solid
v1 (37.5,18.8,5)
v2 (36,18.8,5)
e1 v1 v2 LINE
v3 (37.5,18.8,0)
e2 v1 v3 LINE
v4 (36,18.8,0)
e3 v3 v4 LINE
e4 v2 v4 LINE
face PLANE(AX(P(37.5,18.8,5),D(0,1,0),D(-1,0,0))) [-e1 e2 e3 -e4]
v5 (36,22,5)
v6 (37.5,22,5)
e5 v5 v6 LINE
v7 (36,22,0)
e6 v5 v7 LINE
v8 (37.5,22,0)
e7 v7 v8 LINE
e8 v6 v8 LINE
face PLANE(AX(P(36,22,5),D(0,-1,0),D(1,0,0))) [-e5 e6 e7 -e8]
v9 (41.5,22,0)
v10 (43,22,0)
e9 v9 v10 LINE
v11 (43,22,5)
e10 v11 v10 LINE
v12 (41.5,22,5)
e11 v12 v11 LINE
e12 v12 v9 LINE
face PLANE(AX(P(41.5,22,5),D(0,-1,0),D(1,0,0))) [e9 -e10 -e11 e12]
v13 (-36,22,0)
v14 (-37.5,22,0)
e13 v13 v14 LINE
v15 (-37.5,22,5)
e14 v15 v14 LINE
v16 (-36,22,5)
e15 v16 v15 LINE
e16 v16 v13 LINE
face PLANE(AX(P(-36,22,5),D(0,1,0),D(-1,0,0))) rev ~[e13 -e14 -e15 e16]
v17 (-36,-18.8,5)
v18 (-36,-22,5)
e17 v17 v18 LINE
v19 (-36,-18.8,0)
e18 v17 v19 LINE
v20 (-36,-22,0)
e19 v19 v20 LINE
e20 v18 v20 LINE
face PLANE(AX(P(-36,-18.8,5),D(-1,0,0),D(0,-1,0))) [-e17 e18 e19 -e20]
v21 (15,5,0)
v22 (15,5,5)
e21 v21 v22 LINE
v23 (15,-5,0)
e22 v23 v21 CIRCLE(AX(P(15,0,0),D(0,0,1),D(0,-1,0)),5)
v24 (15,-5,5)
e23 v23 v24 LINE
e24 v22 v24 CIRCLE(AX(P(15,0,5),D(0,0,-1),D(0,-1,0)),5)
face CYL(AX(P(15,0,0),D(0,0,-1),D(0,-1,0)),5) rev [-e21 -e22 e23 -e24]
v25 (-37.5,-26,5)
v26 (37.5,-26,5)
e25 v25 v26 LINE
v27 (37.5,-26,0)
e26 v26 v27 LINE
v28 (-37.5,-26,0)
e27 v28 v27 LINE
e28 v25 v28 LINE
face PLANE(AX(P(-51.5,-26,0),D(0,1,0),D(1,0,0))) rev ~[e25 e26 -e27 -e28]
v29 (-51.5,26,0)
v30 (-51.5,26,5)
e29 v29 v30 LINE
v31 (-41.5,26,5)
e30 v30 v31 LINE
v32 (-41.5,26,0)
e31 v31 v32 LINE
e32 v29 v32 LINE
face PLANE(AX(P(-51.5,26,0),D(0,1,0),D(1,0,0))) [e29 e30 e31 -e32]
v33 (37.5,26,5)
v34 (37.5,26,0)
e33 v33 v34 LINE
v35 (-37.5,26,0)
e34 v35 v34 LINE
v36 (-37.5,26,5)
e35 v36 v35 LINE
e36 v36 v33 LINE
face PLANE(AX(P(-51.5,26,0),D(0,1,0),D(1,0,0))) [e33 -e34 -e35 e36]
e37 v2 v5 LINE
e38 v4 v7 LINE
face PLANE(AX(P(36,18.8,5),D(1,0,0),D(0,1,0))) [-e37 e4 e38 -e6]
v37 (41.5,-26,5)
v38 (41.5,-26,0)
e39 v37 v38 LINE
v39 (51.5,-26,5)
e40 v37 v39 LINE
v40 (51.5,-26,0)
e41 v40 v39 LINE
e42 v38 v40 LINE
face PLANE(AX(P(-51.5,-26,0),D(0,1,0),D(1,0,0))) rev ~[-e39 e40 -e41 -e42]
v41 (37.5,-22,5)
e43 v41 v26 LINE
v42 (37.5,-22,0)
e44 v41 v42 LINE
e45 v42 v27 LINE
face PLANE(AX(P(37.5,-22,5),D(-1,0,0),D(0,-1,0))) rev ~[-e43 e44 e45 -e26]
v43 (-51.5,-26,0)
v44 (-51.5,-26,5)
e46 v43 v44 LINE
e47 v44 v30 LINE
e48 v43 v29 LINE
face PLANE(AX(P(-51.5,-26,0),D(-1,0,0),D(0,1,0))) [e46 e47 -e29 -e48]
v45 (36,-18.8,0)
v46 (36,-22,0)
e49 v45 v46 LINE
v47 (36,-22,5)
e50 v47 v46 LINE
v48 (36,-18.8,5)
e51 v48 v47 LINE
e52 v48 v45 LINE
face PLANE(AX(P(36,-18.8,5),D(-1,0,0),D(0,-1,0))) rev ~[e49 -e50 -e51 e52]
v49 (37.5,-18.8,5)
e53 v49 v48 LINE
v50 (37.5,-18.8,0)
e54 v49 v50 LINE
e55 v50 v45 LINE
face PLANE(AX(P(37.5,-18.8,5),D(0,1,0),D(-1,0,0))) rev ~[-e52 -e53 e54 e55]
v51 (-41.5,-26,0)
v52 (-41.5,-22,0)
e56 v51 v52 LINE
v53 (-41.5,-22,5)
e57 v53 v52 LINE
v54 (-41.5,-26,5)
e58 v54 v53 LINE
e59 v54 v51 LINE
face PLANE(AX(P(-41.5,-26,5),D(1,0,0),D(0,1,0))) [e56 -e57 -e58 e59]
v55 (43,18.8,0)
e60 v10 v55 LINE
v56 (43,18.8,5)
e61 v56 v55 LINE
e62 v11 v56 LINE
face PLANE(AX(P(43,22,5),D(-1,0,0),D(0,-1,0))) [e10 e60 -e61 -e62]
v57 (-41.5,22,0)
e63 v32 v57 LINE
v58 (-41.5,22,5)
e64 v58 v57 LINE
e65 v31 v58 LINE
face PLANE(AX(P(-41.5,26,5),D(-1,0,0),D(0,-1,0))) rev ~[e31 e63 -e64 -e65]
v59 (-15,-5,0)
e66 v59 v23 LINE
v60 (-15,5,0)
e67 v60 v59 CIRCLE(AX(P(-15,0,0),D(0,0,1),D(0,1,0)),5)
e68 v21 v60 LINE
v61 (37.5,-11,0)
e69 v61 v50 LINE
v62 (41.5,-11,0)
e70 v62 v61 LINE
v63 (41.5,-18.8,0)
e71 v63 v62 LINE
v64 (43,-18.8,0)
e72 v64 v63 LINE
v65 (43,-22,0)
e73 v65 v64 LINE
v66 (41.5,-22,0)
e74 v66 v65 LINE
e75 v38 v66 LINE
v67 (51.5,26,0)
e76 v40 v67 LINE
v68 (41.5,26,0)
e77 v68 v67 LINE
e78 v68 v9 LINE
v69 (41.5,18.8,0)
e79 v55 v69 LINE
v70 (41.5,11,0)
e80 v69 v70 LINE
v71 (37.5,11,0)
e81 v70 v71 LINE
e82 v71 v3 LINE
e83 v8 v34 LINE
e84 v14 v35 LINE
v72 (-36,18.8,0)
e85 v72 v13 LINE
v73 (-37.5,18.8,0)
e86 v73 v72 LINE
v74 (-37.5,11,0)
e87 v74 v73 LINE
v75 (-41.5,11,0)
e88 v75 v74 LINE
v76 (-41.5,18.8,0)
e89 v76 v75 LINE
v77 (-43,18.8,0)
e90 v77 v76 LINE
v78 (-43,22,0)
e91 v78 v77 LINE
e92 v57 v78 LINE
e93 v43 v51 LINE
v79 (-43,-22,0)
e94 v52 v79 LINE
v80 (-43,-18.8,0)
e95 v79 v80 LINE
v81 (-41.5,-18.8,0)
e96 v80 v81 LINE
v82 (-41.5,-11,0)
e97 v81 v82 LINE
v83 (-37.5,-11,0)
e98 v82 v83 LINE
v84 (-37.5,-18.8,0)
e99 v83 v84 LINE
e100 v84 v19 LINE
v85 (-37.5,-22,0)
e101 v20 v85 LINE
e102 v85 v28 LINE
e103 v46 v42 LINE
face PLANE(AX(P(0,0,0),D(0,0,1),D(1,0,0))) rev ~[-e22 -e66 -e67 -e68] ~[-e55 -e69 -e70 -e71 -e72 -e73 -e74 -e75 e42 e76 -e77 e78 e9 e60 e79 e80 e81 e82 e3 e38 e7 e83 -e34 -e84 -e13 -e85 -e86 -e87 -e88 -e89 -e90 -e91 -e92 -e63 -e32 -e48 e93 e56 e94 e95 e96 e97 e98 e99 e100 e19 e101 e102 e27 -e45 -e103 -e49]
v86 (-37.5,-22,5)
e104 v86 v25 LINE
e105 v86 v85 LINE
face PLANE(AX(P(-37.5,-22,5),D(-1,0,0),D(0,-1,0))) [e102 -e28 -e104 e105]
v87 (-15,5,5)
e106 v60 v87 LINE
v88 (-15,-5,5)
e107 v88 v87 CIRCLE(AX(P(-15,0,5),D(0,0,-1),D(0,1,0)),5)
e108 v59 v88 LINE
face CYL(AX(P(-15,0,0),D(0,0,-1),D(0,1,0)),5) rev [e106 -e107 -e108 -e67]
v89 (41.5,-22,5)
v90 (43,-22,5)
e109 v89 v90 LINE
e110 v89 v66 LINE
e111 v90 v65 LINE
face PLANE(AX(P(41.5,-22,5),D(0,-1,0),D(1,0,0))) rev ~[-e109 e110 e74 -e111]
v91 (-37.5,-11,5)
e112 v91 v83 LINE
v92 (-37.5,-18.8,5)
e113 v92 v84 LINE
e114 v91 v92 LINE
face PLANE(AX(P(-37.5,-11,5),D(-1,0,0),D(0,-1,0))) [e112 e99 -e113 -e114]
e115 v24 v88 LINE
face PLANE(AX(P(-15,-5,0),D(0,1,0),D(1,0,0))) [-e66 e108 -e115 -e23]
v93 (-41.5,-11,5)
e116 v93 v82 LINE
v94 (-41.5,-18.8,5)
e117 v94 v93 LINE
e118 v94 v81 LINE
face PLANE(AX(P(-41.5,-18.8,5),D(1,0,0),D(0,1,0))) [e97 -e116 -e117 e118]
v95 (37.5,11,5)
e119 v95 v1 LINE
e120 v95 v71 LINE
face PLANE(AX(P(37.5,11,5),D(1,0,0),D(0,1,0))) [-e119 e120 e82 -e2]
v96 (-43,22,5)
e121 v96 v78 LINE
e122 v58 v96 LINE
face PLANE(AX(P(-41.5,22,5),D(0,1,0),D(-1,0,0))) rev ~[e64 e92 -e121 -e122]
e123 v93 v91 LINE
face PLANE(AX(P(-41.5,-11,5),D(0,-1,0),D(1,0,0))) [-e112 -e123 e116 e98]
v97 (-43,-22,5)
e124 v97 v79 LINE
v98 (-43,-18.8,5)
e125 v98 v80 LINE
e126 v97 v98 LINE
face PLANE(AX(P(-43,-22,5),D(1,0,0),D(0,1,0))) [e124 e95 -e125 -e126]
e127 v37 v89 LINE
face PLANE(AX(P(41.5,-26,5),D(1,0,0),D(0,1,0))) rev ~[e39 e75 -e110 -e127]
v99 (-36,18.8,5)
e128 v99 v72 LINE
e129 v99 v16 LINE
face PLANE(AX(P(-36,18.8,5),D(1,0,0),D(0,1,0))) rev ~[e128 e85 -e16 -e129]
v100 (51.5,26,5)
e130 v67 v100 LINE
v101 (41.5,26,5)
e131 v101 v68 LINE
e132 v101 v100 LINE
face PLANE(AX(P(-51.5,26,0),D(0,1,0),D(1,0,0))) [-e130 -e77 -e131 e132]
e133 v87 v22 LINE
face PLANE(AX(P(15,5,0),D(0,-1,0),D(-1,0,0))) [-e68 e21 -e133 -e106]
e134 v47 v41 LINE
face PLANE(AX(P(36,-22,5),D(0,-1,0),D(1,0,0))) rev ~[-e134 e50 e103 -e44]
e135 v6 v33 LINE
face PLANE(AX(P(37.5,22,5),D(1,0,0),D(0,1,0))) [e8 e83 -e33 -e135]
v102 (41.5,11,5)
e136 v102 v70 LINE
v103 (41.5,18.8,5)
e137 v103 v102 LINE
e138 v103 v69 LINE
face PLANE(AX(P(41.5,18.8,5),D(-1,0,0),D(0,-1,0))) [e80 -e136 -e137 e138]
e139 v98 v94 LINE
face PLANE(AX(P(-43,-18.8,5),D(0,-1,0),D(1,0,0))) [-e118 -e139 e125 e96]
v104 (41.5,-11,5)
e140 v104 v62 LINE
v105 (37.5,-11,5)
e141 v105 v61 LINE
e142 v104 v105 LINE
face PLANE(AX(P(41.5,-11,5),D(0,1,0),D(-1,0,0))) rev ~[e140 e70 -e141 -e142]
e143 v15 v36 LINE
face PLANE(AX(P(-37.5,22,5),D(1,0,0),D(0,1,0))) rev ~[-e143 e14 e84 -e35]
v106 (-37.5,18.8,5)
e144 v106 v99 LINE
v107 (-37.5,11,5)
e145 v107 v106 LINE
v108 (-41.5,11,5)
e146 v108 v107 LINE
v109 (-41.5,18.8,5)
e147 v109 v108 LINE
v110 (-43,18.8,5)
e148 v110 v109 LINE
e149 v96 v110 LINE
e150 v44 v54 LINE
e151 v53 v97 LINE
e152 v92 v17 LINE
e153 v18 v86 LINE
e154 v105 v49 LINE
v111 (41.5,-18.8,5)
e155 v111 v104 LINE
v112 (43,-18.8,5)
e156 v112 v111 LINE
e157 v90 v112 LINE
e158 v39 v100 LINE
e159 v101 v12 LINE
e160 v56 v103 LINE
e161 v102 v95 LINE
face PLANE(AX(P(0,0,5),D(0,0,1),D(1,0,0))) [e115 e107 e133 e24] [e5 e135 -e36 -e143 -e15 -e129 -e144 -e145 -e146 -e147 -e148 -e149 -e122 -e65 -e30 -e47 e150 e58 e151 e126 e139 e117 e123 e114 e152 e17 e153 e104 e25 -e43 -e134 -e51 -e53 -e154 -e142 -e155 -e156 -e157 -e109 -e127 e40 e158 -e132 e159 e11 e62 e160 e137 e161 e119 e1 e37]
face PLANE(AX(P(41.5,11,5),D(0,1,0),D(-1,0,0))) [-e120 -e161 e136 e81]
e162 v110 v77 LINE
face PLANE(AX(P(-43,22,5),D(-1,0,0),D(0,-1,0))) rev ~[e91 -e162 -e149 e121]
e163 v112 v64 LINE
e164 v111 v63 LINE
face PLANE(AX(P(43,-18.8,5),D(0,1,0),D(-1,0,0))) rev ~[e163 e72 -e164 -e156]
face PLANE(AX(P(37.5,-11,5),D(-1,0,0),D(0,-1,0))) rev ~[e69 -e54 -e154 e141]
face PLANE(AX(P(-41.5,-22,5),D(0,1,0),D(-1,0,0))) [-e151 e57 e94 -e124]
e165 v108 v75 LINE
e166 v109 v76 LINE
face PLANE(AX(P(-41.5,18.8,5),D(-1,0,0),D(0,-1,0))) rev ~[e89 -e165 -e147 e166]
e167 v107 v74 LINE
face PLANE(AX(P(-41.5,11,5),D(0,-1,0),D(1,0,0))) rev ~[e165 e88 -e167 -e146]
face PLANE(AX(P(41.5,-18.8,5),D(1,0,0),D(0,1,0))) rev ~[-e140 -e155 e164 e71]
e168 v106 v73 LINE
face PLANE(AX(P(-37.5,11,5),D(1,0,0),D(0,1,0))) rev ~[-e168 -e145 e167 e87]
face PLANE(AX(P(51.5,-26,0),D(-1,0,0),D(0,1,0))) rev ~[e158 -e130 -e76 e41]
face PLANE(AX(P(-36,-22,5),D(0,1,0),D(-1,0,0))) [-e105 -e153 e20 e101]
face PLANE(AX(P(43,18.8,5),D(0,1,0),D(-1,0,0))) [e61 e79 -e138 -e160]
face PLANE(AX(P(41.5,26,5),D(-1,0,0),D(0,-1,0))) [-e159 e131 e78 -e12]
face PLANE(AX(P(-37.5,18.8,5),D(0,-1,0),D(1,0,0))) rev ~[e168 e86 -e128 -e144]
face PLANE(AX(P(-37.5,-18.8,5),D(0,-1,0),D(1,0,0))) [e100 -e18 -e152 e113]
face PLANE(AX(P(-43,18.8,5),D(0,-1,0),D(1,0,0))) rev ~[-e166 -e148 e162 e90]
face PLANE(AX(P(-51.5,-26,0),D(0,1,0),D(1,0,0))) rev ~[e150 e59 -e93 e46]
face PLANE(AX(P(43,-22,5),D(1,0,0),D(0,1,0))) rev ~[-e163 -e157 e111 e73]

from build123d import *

# Parameters (mm, degrees)
SKETCH1_W           = 103
SKETCH1_H           = 52
BOSS_EXTRUDE1_DEPTH = 5
CUT_EXTRUDE1_DEPTH  = 10
CUT_EXTRUDE2_DEPTH  = 10


with BuildPart() as part:
    # Sketch1 → Boss-Extrude1 (new body)
    with BuildSketch(Plane.XY):
        Rectangle(SKETCH1_W, SKETCH1_H)
    extrude(amount=BOSS_EXTRUDE1_DEPTH)

    # Sketch2 → Cut-Extrude1 (cut)
    with BuildSketch(Plane.XY.offset(5)):
        Polygon((41.5, -26), (41.5, -22), (43, -22), (43, -18.8), (41.5, -18.8), (41.5, -11), (37.5, -11), (37.5, -18.8), (36, -18.8), (36, -22), (37.5, -22), (37.5, -26), align=None)
        Polygon((37.5, 26), (41.5, 26), (41.5, 22), (43, 22), (43, 18.8), (41.5, 18.8), (41.5, 11), (37.5, 11), (37.5, 18.8), (36, 18.8), (36, 22), (37.5, 22), align=None)
        Polygon((-37.5, -26), (-41.5, -26), (-41.5, -22), (-43, -22), (-43, -18.8), (-41.5, -18.8), (-41.5, -11), (-37.5, -11), (-37.5, -18.8), (-36, -18.8), (-36, -22), (-37.5, -22), align=None)
        Polygon((-41.5, 26), (-41.5, 22), (-43, 22), (-43, 18.8), (-41.5, 18.8), (-41.5, 11), (-37.5, 11), (-37.5, 18.8), (-36, 18.8), (-36, 22), (-37.5, 22), (-37.5, 26), align=None)
    extrude(amount=-CUT_EXTRUDE1_DEPTH, mode=Mode.SUBTRACT)

    # Sketch3 → Cut-Extrude2 (cut)
    with BuildSketch(Plane(origin=(0, 0, 0), x_dir=(-1, 0, 0), z_dir=(0, 0, -1))):
        with BuildLine():
            Line((-15, 5), (15, 5))
            ThreePointArc((15, 5), (20, 0), (15, -5))
            Line((15, -5), (-15, -5))
            ThreePointArc((-15, -5), (-20, 0), (-15, 5))
        make_face()
    extrude(amount=-CUT_EXTRUDE2_DEPTH, mode=Mode.SUBTRACT)


solid = part.part
